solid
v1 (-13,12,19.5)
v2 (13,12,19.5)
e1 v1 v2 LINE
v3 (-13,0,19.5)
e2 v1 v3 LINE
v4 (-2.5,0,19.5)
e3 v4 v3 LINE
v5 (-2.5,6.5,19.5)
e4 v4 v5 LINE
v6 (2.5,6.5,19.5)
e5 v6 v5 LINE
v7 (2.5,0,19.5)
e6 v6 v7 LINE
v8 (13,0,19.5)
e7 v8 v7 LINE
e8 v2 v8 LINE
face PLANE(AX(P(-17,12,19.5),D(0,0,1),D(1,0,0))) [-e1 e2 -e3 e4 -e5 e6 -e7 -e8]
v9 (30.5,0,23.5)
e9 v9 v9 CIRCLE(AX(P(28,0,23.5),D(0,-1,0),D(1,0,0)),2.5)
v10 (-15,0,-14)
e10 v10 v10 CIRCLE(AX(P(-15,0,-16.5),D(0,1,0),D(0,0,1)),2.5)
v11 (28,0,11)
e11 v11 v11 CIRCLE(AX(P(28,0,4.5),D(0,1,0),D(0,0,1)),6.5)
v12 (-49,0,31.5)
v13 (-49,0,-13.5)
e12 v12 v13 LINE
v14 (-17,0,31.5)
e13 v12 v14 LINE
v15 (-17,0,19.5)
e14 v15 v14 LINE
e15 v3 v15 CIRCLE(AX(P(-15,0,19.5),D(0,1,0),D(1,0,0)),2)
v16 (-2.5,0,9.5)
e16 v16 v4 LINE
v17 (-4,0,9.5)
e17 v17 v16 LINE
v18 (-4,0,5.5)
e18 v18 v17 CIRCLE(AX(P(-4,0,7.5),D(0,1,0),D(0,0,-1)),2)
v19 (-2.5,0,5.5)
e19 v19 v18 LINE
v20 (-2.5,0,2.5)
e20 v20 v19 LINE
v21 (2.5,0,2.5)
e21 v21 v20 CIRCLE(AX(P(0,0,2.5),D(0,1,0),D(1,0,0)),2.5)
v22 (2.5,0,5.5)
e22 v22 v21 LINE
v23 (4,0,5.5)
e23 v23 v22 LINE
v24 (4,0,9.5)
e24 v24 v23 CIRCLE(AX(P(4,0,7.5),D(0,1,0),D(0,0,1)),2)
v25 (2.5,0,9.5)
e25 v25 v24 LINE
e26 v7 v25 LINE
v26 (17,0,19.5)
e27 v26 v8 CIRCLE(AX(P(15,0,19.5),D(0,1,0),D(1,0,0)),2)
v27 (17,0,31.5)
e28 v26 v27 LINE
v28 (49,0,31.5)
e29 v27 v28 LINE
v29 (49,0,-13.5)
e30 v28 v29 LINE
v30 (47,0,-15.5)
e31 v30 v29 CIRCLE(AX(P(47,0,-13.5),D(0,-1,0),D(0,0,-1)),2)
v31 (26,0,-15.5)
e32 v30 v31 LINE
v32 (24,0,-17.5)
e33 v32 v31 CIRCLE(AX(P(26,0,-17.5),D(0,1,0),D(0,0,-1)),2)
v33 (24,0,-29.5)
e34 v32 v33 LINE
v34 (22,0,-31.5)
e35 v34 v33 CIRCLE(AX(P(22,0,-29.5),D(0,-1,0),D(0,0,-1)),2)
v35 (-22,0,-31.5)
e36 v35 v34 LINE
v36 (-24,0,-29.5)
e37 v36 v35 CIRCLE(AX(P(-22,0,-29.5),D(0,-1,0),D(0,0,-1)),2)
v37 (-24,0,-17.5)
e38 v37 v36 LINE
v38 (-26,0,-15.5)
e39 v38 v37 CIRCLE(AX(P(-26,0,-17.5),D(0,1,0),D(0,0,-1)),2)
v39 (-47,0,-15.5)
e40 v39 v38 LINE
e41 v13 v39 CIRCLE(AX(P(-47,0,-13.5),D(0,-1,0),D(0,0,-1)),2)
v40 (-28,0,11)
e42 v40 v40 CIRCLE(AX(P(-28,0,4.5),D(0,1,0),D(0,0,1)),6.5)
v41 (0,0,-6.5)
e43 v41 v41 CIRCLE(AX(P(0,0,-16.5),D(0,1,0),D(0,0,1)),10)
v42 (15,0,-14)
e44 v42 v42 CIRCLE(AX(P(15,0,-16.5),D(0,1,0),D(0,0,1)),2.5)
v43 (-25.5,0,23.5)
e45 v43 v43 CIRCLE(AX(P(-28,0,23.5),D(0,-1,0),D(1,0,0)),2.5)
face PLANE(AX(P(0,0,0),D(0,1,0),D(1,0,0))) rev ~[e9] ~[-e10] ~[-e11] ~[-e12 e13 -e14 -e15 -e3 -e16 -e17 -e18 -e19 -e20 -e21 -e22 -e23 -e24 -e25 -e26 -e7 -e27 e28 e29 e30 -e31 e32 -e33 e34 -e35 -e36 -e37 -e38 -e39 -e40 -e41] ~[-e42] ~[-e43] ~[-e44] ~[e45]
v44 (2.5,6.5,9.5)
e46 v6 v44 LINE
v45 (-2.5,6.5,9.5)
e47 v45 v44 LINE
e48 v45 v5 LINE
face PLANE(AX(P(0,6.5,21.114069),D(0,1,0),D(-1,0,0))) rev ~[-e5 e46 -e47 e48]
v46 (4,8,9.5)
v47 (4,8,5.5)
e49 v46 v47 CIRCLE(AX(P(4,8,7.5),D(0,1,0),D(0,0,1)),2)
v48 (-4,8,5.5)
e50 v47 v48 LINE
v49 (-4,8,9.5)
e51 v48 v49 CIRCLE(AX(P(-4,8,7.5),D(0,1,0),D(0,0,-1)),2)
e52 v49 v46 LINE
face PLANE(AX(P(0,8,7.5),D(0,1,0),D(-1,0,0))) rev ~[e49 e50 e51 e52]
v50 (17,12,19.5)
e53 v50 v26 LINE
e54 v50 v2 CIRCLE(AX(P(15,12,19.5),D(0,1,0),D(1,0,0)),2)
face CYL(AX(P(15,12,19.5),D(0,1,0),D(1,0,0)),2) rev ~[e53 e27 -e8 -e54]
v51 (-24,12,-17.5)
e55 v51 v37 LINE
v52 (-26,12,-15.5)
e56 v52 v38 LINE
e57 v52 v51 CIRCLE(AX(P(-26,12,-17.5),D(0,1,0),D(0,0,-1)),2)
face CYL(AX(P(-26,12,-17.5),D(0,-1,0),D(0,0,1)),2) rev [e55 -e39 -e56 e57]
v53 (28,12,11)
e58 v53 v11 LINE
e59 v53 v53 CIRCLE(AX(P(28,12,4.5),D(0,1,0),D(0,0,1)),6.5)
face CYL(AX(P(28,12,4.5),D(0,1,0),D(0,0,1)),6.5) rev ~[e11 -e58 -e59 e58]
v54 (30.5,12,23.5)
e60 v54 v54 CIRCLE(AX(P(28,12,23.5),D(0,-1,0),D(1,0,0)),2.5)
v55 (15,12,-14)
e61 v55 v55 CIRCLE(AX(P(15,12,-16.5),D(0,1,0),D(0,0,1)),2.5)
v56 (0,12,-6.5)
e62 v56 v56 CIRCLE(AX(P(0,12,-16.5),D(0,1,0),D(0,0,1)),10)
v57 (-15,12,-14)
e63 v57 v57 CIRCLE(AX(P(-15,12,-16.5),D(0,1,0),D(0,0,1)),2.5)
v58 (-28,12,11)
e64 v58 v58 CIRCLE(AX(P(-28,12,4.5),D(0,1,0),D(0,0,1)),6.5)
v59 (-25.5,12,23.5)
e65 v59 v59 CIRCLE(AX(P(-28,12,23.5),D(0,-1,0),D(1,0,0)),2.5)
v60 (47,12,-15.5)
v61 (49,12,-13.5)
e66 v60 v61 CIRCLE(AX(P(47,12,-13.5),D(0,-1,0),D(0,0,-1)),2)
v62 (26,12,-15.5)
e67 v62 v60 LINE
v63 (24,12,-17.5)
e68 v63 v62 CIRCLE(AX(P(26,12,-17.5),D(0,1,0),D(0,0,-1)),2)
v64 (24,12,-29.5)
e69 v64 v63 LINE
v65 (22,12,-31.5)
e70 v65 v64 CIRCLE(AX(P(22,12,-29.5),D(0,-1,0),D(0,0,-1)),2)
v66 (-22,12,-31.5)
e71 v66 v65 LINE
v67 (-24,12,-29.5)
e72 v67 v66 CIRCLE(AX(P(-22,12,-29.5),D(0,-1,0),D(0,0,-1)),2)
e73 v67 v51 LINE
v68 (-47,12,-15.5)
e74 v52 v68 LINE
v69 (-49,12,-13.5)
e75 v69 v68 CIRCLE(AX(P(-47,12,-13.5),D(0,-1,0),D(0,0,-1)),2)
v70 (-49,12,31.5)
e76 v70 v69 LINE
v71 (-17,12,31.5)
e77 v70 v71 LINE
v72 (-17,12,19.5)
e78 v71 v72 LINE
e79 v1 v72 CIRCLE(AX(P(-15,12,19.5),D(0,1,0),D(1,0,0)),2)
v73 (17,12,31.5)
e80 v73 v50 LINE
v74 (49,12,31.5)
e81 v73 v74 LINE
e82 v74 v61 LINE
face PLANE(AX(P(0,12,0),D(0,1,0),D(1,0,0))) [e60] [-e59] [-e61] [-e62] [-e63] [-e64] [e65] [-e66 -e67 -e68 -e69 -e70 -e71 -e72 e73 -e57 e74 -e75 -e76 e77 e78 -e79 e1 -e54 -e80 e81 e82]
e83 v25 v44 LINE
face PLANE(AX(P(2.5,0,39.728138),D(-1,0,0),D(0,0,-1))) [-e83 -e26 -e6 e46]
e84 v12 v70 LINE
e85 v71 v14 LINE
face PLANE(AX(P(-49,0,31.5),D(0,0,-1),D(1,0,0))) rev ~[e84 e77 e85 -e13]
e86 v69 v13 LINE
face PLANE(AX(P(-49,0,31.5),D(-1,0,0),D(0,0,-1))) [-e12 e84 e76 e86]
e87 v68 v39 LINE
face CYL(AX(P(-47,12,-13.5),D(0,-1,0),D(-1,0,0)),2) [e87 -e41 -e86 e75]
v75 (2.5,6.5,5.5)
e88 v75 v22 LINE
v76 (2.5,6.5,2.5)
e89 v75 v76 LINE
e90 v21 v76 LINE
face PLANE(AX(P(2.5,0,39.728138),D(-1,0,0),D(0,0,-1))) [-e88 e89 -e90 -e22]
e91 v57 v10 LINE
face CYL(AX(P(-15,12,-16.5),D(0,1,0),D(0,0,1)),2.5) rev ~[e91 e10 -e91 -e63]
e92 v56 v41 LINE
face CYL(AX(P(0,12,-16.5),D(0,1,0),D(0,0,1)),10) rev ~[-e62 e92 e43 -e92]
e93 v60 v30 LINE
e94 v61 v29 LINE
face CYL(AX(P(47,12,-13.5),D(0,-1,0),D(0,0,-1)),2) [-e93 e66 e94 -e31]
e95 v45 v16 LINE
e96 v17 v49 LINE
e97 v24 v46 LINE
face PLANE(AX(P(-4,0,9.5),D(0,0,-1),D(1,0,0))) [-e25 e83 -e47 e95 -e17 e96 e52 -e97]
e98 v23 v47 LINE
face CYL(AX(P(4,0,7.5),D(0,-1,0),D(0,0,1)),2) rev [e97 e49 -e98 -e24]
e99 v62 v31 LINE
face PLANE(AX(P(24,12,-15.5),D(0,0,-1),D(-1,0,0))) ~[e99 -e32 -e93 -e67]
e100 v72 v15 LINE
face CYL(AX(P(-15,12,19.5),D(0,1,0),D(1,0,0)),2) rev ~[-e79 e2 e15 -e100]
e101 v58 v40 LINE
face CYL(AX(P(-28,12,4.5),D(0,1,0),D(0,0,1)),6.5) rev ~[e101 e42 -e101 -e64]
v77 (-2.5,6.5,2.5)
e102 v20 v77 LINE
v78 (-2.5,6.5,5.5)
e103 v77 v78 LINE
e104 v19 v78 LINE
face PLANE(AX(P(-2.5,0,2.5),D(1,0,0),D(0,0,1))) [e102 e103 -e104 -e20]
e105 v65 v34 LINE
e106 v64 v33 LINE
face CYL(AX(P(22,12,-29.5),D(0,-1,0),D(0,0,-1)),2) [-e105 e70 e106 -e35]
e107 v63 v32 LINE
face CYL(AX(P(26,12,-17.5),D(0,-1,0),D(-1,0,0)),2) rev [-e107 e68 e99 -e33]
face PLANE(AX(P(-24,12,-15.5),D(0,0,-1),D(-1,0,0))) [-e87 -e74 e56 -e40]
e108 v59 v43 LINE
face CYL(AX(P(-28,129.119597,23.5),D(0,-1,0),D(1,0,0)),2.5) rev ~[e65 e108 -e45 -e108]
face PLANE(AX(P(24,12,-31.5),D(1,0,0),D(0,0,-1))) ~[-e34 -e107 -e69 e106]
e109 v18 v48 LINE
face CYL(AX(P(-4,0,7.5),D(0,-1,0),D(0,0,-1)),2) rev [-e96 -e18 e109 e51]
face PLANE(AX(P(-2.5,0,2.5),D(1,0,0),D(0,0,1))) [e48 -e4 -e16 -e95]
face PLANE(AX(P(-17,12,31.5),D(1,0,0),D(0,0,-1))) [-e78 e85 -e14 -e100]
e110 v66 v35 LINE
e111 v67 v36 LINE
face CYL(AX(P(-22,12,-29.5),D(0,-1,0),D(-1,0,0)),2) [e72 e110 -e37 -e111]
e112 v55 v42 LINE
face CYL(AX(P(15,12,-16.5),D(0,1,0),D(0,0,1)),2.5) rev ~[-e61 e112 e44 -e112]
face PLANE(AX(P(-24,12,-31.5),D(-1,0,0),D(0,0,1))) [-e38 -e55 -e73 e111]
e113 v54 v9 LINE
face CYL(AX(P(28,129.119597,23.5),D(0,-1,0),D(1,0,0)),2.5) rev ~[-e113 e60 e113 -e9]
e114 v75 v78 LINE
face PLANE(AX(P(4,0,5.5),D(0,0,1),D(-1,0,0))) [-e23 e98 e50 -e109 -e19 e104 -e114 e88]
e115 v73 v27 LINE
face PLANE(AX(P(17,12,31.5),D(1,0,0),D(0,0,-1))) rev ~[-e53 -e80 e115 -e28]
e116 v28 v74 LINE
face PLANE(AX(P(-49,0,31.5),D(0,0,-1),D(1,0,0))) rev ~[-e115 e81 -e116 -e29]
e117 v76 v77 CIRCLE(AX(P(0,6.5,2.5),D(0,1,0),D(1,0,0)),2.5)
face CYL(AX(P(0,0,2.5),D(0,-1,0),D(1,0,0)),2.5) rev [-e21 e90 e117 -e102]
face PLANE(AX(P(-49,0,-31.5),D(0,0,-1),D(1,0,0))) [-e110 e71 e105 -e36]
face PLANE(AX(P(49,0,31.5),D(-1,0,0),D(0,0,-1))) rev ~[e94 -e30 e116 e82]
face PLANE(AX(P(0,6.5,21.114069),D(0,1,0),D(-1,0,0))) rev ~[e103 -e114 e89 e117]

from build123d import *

# Parameters (mm, degrees)
SKETCH1_W                = 98
SKETCH1_H                = 63
BOSS_EXTRUDE1_DEPTH      = 12
CUT_EXTRUDE1_REACH       = 61.475
SKETCH2_R                = 10
SKETCH2_R_2              = 6.5
SKETCH2_R_3              = 2.5
CUT_EXTRUDE2_REACH       = 61.475
SKETCH3_W                = 34
SKETCH3_H                = 12
F_5_0_5_DIAMETER_HOLE1_D = 5
CUT_EXTRUDE3_REACH       = 61.475
SKETCH11_W               = 25
SKETCH11_H               = 16
CUT_EXTRUDE4_REACH       = 61.475
FILLET1_R                = 2
CUT_EXTRUDE7_DEPTH       = 8
CUT_EXTRUDE8_DEPTH       = 6.5


with BuildPart() as part:
    # Sketch1 → Boss-Extrude1 (new body)
    with BuildSketch(Plane(origin=(0, 0, 0), x_dir=(1, 0, 0), z_dir=(0, 1, 0))):
        Rectangle(SKETCH1_W, SKETCH1_H)
    extrude(amount=BOSS_EXTRUDE1_DEPTH)

    # Sketch2 → Cut-Extrude1 (cut, up to next)
    with BuildSketch(Plane(origin=(0, 12, 0), x_dir=(1, 0, 0), z_dir=(0, 1, 0)), mode=Mode.PRIVATE) as cut_extrude1_sk1:
        with Locations(Location((0, 16.5, 0), (0, 0, 270))):
            Circle(SKETCH2_R)
    cut_extrude1_tool1 = extrude(cut_extrude1_sk1.sketch, amount=-CUT_EXTRUDE1_REACH, mode=Mode.PRIVATE) & part.part
    # Sketch2 → Cut-Extrude1 (cut, up to next)
    with BuildSketch(Plane(origin=(0, 12, 0), x_dir=(1, 0, 0), z_dir=(0, 1, 0)), mode=Mode.PRIVATE) as cut_extrude1_sk2:
        with Locations(Location((-28, -4.5, 0), (0, 0, 270))):
            Circle(SKETCH2_R_2)
    cut_extrude1_tool2 = extrude(cut_extrude1_sk2.sketch, amount=-CUT_EXTRUDE1_REACH, mode=Mode.PRIVATE) & part.part
    # Sketch2 → Cut-Extrude1 (cut, up to next)
    with BuildSketch(Plane(origin=(0, 12, 0), x_dir=(1, 0, 0), z_dir=(0, 1, 0)), mode=Mode.PRIVATE) as cut_extrude1_sk3:
        with Locations(Location((28, -4.5, 0), (0, 0, 270))):
            Circle(SKETCH2_R_2)
    cut_extrude1_tool3 = extrude(cut_extrude1_sk3.sketch, amount=-CUT_EXTRUDE1_REACH, mode=Mode.PRIVATE) & part.part
    # Sketch2 → Cut-Extrude1 (cut, up to next)
    with BuildSketch(Plane(origin=(0, 12, 0), x_dir=(1, 0, 0), z_dir=(0, 1, 0)), mode=Mode.PRIVATE) as cut_extrude1_sk4:
        with Locations(Location((-15, 16.5, 0), (0, 0, 270))):
            Circle(SKETCH2_R_3)
    cut_extrude1_tool4 = extrude(cut_extrude1_sk4.sketch, amount=-CUT_EXTRUDE1_REACH, mode=Mode.PRIVATE) & part.part
    # Sketch2 → Cut-Extrude1 (cut, up to next)
    with BuildSketch(Plane(origin=(0, 12, 0), x_dir=(1, 0, 0), z_dir=(0, 1, 0)), mode=Mode.PRIVATE) as cut_extrude1_sk5:
        with Locations(Location((15, 16.5, 0), (0, 0, 270))):
            Circle(SKETCH2_R_3)
    cut_extrude1_tool5 = extrude(cut_extrude1_sk5.sketch, amount=-CUT_EXTRUDE1_REACH, mode=Mode.PRIVATE) & part.part
    add(cut_extrude1_tool1.solids().sort_by_distance((0, 12, -16.5))[0], mode=Mode.SUBTRACT)
    add(cut_extrude1_tool2.solids().sort_by_distance((-28, 12, 4.5))[0], mode=Mode.SUBTRACT)
    add(cut_extrude1_tool3.solids().sort_by_distance((28, 12, 4.5))[0], mode=Mode.SUBTRACT)
    add(cut_extrude1_tool4.solids().sort_by_distance((-15, 12, -16.5))[0], mode=Mode.SUBTRACT)
    add(cut_extrude1_tool5.solids().sort_by_distance((15, 12, -16.5))[0], mode=Mode.SUBTRACT)

    # Sketch3 → Cut-Extrude2 (cut, up to next)
    with BuildSketch(Plane(origin=(0, 12, 0), x_dir=(1, 0, 0), z_dir=(0, 1, 0)), mode=Mode.PRIVATE) as cut_extrude2_sk1:
        with Locations((0, -25.5)):
            Rectangle(SKETCH3_W, SKETCH3_H)
    cut_extrude2_tool1 = extrude(cut_extrude2_sk1.sketch, amount=-CUT_EXTRUDE2_REACH, mode=Mode.PRIVATE) & part.part
    add(cut_extrude2_tool1.solids().sort_by_distance((0, 12, 25.5))[0], mode=Mode.SUBTRACT)

    # Ø5.0 (5) Diameter Hole1 (through all)
    with Locations(Plane(origin=(0, 12, 0), x_dir=(-1, 0, 0), z_dir=(0, 1, 0))):
        with Locations((28, 23.5), (-28, 23.5)):
            Hole(F_5_0_5_DIAMETER_HOLE1_D / 2)

    # Sketch11 → Cut-Extrude3 (cut, up to next)
    with BuildSketch(Plane(origin=(0, 12, 0), x_dir=(-1, 0, 0), z_dir=(0, 1, 0)), mode=Mode.PRIVATE) as cut_extrude3_sk1:
        with Locations((36.5, -23.5)):
            Rectangle(SKETCH11_W, SKETCH11_H)
    cut_extrude3_tool1 = extrude(cut_extrude3_sk1.sketch, amount=-CUT_EXTRUDE3_REACH, mode=Mode.PRIVATE) & part.part
    cut_extrude3 = cut_extrude3_tool1.solids().sort_by_distance((-36.5, 12, -23.5))[0]
    add(cut_extrude3, mode=Mode.SUBTRACT)

    # Mirror1: Cut-Extrude3 across plane
    add(cut_extrude3.mirror(Plane(origin=(0, 0, 0), x_dir=(0, 0, 1), z_dir=(1, 0, 0))), mode=Mode.SUBTRACT)

    # Sketch12 → Cut-Extrude4 (cut, up to next)
    with BuildSketch(Plane(origin=(0, 12, 0), x_dir=(1, 0, 0), z_dir=(0, 1, 0)), mode=Mode.PRIVATE) as cut_extrude4_sk1:
        with BuildLine():
            Line((-17, -19.5), (-13, -19.5))
            ThreePointArc((-13, -19.5), (-15, -17.5), (-17, -19.5))
        make_face()
    cut_extrude4_tool1 = extrude(cut_extrude4_sk1.sketch, amount=-CUT_EXTRUDE4_REACH, mode=Mode.PRIVATE) & part.part
    # Sketch12 → Cut-Extrude4 (cut, up to next)
    with BuildSketch(Plane(origin=(0, 12, 0), x_dir=(1, 0, 0), z_dir=(0, 1, 0)), mode=Mode.PRIVATE) as cut_extrude4_sk2:
        with BuildLine():
            Line((13, -19.5), (17, -19.5))
            ThreePointArc((17, -19.5), (15, -17.5), (13, -19.5))
        make_face()
    cut_extrude4_tool2 = extrude(cut_extrude4_sk2.sketch, amount=-CUT_EXTRUDE4_REACH, mode=Mode.PRIVATE) & part.part
    add(cut_extrude4_tool1.solids().sort_by_distance((-15, 12, 18.651174))[0], mode=Mode.SUBTRACT)
    add(cut_extrude4_tool2.solids().sort_by_distance((15, 12, 18.651174))[0], mode=Mode.SUBTRACT)

    # Fillet1
    fillet1_edges = [part.edges().sort_by_distance(p)[0] for p in [
        (-49, 6, -15.5),
        (-24, 6, -31.5),
        (-24, 6, -15.5),
        (49, 6, -15.5),
        (24, 6, -15.5),
        (24, 6, -31.5),
    ]]
    fillet(fillet1_edges, radius=FILLET1_R)

    # Sketch18 → Cut-Extrude7 (cut)
    with BuildSketch(Plane(origin=(-30.447133355, 0, 87.682451642), x_dir=(1, 0, 0), z_dir=(0, -1, 0))):
        with BuildLine():
            Line((26.447133355, -78.182451642), (34.447133355, -78.182451642))
            ThreePointArc((34.447133355, -78.182451642), (36.447133355, -80.182451642), (34.447133355, -82.182451642))
            Line((34.447133355, -82.182451642), (26.447133355, -82.182451642))
            ThreePointArc((26.447133355, -82.182451642), (24.447133355, -80.182451642), (26.447133355, -78.182451642))
        make_face()
    extrude(amount=-CUT_EXTRUDE7_DEPTH, mode=Mode.SUBTRACT)

    # Sketch20 → Cut-Extrude8 (cut)
    with BuildSketch(Plane(origin=(-30.447133355, 0, 87.682451642), x_dir=(1, 0, 0), z_dir=(0, -1, 0))):
        with BuildLine():
            Line((32.947133355, -47.95431377), (32.947133355, -85.182451642))
            ThreePointArc((32.947133355, -85.182451642), (30.447133355, -87.682451642), (27.947133355, -85.182451642))
            Line((27.947133355, -85.182451642), (27.947133355, -47.95431377))
            ThreePointArc((27.947133355, -47.95431377), (30.447133355, -45.45431377), (32.947133355, -47.95431377))
        make_face()
    extrude(amount=-CUT_EXTRUDE8_DEPTH, mode=Mode.SUBTRACT)


solid = part.part
